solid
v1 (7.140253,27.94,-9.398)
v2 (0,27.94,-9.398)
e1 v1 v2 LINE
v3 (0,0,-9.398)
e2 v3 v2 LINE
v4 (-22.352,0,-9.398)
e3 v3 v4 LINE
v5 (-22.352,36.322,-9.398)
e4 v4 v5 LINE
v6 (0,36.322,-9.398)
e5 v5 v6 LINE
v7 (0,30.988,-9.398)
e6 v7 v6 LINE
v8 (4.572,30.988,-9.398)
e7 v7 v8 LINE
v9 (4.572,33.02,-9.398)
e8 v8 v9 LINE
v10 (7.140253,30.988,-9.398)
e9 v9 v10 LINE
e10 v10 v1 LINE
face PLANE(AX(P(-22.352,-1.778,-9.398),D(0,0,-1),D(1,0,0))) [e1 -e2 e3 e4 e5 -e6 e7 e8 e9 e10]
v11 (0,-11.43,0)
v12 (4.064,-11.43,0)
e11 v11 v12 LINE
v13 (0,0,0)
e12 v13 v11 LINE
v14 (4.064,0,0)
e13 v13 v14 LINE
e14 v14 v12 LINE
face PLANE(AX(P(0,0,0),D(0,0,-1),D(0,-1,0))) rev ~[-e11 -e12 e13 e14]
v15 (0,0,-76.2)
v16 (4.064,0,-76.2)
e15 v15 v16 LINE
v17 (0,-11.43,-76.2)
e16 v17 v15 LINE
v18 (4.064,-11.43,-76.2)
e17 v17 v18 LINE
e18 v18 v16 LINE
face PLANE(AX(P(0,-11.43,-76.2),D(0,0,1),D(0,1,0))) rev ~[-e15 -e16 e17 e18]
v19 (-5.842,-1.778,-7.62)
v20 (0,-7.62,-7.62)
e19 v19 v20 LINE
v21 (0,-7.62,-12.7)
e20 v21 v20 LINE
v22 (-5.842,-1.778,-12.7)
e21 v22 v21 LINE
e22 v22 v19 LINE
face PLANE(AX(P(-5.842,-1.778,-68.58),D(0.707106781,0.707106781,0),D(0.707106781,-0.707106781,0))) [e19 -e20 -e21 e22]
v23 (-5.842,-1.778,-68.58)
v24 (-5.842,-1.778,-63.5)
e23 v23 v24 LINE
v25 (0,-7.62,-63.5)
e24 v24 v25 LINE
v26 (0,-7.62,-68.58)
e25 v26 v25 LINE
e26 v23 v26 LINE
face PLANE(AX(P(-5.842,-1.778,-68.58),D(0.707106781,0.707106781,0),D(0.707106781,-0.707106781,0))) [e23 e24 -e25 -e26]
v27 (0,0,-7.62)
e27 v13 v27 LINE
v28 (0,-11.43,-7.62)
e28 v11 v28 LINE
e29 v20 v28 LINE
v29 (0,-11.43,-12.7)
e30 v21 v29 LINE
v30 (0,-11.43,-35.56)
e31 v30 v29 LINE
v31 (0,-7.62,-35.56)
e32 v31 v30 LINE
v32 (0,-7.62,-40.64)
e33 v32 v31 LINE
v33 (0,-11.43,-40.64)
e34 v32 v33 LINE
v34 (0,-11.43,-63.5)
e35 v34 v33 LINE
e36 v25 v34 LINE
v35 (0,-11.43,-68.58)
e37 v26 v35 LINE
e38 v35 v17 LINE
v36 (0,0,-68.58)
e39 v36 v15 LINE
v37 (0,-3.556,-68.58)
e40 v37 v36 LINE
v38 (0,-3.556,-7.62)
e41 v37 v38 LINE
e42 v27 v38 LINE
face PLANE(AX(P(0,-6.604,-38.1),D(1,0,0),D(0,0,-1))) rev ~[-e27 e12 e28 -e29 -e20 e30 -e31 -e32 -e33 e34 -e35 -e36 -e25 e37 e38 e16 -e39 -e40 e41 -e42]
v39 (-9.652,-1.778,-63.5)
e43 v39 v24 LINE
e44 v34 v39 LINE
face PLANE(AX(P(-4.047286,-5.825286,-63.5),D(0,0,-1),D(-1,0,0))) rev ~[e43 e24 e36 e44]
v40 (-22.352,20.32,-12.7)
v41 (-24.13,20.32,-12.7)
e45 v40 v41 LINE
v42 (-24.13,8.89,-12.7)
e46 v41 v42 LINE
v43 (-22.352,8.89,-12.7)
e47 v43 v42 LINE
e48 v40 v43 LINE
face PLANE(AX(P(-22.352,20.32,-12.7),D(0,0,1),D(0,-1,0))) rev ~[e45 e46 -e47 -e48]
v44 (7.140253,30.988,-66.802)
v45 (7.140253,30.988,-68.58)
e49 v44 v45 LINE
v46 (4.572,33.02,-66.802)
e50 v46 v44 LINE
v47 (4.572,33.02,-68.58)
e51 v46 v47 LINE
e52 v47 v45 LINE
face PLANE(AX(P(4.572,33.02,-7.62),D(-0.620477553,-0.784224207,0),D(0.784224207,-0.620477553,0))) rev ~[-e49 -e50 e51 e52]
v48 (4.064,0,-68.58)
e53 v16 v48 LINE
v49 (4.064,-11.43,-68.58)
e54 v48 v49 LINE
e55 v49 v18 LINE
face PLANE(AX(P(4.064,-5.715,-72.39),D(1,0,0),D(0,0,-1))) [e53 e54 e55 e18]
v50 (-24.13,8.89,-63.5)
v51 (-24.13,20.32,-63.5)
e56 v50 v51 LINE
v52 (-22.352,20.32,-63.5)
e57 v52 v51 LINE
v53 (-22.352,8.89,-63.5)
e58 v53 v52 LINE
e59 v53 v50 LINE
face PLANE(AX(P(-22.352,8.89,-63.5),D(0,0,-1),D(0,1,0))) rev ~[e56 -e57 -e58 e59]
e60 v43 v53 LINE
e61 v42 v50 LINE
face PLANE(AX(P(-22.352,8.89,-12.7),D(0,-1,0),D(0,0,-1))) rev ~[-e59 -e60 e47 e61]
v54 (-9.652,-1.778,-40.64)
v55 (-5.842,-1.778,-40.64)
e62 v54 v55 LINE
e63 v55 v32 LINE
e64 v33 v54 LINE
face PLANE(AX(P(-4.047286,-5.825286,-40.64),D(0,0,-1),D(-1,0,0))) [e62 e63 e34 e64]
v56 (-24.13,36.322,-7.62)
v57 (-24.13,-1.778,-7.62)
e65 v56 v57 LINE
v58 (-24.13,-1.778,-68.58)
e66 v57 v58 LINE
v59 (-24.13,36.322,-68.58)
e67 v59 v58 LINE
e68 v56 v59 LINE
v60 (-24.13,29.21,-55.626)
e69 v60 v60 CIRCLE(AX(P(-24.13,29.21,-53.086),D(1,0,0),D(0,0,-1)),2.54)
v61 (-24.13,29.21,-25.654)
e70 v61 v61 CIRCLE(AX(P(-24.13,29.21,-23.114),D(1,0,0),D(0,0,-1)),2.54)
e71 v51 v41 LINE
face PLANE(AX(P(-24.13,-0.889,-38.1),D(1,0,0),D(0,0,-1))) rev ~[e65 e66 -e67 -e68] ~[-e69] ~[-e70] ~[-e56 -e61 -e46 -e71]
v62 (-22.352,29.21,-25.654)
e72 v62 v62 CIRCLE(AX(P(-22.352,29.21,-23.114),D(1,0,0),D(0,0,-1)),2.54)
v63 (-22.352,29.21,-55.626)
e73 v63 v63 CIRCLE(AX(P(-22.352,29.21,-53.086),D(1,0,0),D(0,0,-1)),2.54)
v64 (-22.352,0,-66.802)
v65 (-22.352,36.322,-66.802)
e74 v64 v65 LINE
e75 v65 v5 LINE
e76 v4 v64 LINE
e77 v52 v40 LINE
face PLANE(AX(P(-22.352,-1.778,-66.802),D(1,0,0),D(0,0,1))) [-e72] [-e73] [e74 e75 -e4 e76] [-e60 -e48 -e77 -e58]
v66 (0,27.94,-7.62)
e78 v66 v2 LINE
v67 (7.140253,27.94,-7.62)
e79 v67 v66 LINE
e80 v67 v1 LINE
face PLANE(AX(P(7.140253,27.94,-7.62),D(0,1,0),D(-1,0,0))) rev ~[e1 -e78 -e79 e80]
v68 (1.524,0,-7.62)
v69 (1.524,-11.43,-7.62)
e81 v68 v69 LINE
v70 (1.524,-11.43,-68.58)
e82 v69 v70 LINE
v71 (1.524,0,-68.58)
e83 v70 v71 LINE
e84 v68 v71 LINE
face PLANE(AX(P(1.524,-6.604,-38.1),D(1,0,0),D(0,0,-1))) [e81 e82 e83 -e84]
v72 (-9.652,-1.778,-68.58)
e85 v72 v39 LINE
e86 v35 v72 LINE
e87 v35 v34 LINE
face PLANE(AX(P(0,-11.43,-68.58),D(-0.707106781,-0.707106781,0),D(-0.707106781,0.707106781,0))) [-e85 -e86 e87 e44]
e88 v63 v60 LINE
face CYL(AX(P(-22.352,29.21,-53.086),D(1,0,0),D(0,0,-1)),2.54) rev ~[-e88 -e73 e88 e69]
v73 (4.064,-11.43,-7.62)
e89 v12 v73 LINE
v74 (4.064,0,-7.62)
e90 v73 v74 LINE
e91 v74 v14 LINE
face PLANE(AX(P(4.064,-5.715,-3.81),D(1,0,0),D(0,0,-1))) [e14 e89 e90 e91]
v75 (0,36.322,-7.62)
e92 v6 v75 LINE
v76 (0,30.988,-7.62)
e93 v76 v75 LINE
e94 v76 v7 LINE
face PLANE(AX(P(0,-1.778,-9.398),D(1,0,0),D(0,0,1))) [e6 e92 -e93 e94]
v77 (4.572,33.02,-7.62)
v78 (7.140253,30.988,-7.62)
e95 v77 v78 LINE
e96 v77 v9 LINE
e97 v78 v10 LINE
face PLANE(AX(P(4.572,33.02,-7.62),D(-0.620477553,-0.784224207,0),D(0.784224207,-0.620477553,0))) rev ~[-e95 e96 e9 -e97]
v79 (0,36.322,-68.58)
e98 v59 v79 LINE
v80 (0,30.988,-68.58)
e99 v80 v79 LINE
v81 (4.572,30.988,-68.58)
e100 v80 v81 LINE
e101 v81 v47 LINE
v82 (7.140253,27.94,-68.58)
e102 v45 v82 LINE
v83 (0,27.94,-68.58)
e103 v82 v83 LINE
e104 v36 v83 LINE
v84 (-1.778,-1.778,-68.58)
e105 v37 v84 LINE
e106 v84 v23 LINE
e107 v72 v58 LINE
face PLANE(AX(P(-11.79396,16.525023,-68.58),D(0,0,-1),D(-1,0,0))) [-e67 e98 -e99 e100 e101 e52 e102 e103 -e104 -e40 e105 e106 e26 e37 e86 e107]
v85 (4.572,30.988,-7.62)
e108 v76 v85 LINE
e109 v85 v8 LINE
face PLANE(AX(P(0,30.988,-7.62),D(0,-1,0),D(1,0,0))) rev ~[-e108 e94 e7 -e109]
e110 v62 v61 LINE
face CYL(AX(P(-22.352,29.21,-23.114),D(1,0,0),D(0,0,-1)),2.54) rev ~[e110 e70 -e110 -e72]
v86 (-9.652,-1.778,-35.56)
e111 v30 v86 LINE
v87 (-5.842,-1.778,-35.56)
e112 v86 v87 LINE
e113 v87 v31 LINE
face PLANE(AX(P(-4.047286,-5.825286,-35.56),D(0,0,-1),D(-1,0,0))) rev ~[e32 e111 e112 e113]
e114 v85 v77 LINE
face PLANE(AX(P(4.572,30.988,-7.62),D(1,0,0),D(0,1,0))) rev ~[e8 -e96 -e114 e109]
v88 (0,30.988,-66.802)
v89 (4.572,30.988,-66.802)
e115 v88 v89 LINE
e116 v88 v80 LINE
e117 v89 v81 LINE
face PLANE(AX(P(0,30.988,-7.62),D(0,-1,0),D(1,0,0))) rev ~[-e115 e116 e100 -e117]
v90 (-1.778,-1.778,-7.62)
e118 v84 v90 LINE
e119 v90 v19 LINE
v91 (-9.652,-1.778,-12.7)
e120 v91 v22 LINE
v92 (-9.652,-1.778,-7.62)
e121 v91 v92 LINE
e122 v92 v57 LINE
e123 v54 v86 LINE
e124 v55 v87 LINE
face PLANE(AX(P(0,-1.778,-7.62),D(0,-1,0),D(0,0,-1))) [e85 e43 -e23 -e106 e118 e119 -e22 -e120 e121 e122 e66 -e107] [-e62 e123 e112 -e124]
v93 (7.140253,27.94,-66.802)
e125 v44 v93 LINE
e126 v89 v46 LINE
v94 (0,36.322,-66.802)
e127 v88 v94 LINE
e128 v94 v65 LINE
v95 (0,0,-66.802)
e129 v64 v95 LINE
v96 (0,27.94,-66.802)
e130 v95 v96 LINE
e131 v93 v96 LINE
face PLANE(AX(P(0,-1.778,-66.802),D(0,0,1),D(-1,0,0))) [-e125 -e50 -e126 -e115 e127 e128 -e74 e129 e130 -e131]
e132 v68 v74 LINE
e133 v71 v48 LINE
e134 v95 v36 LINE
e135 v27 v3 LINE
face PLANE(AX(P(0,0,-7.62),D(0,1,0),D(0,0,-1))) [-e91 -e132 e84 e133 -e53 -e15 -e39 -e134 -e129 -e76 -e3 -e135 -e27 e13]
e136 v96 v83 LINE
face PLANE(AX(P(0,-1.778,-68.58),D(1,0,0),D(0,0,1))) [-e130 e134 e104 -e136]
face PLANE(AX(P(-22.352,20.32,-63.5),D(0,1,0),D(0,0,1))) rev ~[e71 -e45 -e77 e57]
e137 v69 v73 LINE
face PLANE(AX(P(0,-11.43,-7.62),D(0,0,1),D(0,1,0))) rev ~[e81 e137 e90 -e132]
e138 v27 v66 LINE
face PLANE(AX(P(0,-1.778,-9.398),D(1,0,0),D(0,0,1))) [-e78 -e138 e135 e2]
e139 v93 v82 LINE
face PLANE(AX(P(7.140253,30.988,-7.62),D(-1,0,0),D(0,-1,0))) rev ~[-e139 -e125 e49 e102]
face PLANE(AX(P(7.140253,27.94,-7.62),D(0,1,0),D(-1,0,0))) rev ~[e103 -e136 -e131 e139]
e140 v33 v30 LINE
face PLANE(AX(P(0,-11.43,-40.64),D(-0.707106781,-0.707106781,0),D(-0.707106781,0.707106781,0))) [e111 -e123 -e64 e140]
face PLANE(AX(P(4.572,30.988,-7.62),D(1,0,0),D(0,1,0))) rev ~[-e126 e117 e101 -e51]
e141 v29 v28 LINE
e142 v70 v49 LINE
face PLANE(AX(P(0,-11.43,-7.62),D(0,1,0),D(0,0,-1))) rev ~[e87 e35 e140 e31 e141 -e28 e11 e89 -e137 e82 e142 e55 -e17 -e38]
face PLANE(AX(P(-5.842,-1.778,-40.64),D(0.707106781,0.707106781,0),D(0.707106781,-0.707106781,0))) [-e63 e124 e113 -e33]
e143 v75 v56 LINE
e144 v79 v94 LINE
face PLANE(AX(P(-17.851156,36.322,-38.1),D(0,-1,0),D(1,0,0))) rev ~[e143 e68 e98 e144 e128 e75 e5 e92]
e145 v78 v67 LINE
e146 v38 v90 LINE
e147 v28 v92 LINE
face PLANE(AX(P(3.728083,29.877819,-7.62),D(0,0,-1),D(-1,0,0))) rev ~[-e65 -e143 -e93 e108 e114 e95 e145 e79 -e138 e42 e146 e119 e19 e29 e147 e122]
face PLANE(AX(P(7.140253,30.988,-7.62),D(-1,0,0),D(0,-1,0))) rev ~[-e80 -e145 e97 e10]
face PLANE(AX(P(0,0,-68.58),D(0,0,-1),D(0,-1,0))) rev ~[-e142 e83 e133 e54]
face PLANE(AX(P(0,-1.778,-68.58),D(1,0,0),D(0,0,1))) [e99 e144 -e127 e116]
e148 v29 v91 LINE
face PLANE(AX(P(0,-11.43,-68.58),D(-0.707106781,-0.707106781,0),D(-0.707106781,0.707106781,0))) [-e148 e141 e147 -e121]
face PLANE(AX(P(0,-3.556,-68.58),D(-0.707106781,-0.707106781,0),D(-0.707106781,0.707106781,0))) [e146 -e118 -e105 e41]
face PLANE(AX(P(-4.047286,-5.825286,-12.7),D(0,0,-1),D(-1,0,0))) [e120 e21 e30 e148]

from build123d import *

# Parameters (mm, degrees)
BOSS_EXTRUDE1_DEPTH   = 4.064
BOSS_EXTRUDE1_2_DEPTH = 4.064
SKETCH1_3_W           = 60.96
SKETCH1_3_H           = 9.652
SKETCH1_3_H_2         = 1.778
BOSS_EXTRUDE2_DEPTH   = 1.524
SKETCH1_6_W           = 60.96
SKETCH1_6_H           = 1.778
BOSS_EXTRUDE3_DEPTH   = 24.13
BOSS_EXTRUDE4_DEPTH   = 38.1
BOSS_EXTRUDE7_DEPTH   = 60.96
BOSS_EXTRUDE8_DEPTH   = 60.96
CUT_EXTRUDE2_START    = -5.08
CUT_EXTRUDE2_DEPTH    = 50.8
SKETCH6_R             = 2.54
CUT_EXTRUDE3_DEPTH    = 89.450736232
BOSS_EXTRUDE9_START   = -27.94
BOSS_EXTRUDE9_DEPTH   = 5.08
BOSS_EXTRUDE10_REACH  = 83.27
CUT_EXTRUDE4_START    = -1.778
CUT_EXTRUDE4_DEPTH    = 57.404


with BuildPart() as part:
    # Sketch1 → Boss-Extrude1 (new body)
    with BuildSketch(Plane(origin=(0, 0, 0), x_dir=(0, 0, -1), z_dir=(1, 0, 0))):
        Polygon((7.62, 0), (0, 0), (0, -11.43), (7.62, -11.43), (7.62, -1.778), align=None)
    extrude(amount=BOSS_EXTRUDE1_DEPTH)



with BuildPart() as body_2:
    # Sketch1 → Boss-Extrude1 2 (new body)
    with BuildSketch(Plane(origin=(0, 0, 0), x_dir=(0, 0, -1), z_dir=(1, 0, 0))):
        Polygon((76.2, 0), (68.58, 0), (68.58, -1.778), (68.58, -11.43), (76.2, -11.43), align=None)
    extrude(amount=BOSS_EXTRUDE1_2_DEPTH)


with BuildPart() as part_1:
    add(part.part)

    add(body_2.part)  # Boss-Extrude2 merges body 2
    # Sketch1<3> → Boss-Extrude2 (add)
    with BuildSketch(Plane(origin=(0, 0, 0), x_dir=(0, 0, -1), z_dir=(1, 0, 0))):
        with Locations((38.1, -6.604)):
            Rectangle(SKETCH1_3_W, SKETCH1_3_H)
        with Locations((38.1, -0.889)):
            Rectangle(SKETCH1_3_W, SKETCH1_3_H_2)
    extrude(amount=BOSS_EXTRUDE2_DEPTH)

    # Sketch1<6> → Boss-Extrude3 (add)
    with BuildSketch(Plane(origin=(0, 0, 0), x_dir=(0, 0, -1), z_dir=(1, 0, 0))):
        with Locations((38.1, -0.889)):
            Rectangle(SKETCH1_6_W, SKETCH1_6_H)
    extrude(amount=-BOSS_EXTRUDE3_DEPTH)

    # Sketch4 → Boss-Extrude4 (add)
    with BuildSketch(Plane.XZ.offset(1.778)):
        Polygon((0, -7.62), (-24.13, -7.62), (-24.13, -68.58), (0, -68.58), (0, -66.802), (-22.352, -66.802), (-22.352, -9.398), (0, -9.398), align=None)
    extrude(amount=-BOSS_EXTRUDE4_DEPTH)

    # Sketch5<4> → Boss-Extrude7 (add)
    with BuildSketch(Plane(origin=(0, 0, -68.58), x_dir=(-1, 0, 0), z_dir=(0, 0, -1))):
        Polygon((1.778, -1.778), (0, -1.778), (0, -3.556), align=None)
    extrude(amount=-BOSS_EXTRUDE7_DEPTH)

    # Sketch5<5> → Boss-Extrude8 (add)
    with BuildSketch(Plane(origin=(0, 0, -68.58), x_dir=(-1, 0, 0), z_dir=(0, 0, -1))):
        Polygon((9.652, -1.778), (5.842, -1.778), (0, -7.62), (0, -11.43), align=None)
    extrude(amount=-BOSS_EXTRUDE8_DEPTH)

    # Sketch5 → Cut-Extrude2 (cut)
    with BuildSketch(Plane(origin=(0, 0, -68.58), x_dir=(-1, 0, 0), z_dir=(0, 0, -1)).offset(CUT_EXTRUDE2_START)):
        Polygon((9.652, -1.778), (5.842, -1.778), (0, -7.62), (0, -11.43), align=None)
    extrude(amount=-CUT_EXTRUDE2_DEPTH, mode=Mode.SUBTRACT)

    # Sketch6 → Cut-Extrude3 (cut, through all)
    with BuildSketch(Plane(origin=(-22.352, 0, 0), x_dir=(0, 0, -1), z_dir=(1, 0, 0))):
        with Locations((23.114, 29.21)):
            Circle(SKETCH6_R)
        with Locations((53.086, 29.21)):
            Circle(SKETCH6_R)
        Polygon((38.1, 20.32), (12.7, 20.32), (12.7, 8.89), (63.5, 8.89), (63.5, 20.32), align=None)
    extrude(amount=-CUT_EXTRUDE3_DEPTH, mode=Mode.SUBTRACT)

    # Sketch5<12> → Boss-Extrude9 (add)
    with BuildSketch(Plane(origin=(0, 0, -68.58), x_dir=(-1, 0, 0), z_dir=(0, 0, -1)).offset(BOSS_EXTRUDE9_START)):
        Polygon((9.652, -1.778), (5.842, -1.778), (0, -7.62), (0, -11.43), align=None)
    extrude(amount=-BOSS_EXTRUDE9_DEPTH)

    # Boss-Extrude10: up to this face of the body (flat: up to its plane)
    boss_extrude10_end = Plane(part_1.part.faces().sort_by_distance((-11.79395977, 16.525022989, -68.58))[0])
    # Sketch9 → Boss-Extrude10 (add, up to the picked face)
    with BuildSketch(Plane.XY.offset(-7.62), mode=Mode.PRIVATE) as boss_extrude10_sk1:
        Polygon((0, 27.94), (0, 30.988), (4.572, 30.988), (4.572, 33.02), (7.140253406, 30.988), (7.140253406, 27.94), align=None)
    boss_extrude10_tool1 = split(extrude(boss_extrude10_sk1.sketch, amount=-BOSS_EXTRUDE10_REACH, mode=Mode.PRIVATE), bisect_by=boss_extrude10_end, keep=Keep.BOTH, mode=Mode.PRIVATE)
    add(boss_extrude10_tool1.solids().sort_by(Axis((3.769039, 29.699674, -7.62), (0, 0, -1)))[0])

    # Sketch9<2> → Cut-Extrude4 (cut)
    with BuildSketch(Plane.XY.offset(-7.62).offset(CUT_EXTRUDE4_START)):
        Polygon((0, 27.94), (0, 30.988), (4.572, 30.988), (4.572, 33.02), (7.140253406, 30.988), (7.140253406, 27.94), align=None)
    extrude(amount=-CUT_EXTRUDE4_DEPTH, mode=Mode.SUBTRACT)


solid = part_1.part
